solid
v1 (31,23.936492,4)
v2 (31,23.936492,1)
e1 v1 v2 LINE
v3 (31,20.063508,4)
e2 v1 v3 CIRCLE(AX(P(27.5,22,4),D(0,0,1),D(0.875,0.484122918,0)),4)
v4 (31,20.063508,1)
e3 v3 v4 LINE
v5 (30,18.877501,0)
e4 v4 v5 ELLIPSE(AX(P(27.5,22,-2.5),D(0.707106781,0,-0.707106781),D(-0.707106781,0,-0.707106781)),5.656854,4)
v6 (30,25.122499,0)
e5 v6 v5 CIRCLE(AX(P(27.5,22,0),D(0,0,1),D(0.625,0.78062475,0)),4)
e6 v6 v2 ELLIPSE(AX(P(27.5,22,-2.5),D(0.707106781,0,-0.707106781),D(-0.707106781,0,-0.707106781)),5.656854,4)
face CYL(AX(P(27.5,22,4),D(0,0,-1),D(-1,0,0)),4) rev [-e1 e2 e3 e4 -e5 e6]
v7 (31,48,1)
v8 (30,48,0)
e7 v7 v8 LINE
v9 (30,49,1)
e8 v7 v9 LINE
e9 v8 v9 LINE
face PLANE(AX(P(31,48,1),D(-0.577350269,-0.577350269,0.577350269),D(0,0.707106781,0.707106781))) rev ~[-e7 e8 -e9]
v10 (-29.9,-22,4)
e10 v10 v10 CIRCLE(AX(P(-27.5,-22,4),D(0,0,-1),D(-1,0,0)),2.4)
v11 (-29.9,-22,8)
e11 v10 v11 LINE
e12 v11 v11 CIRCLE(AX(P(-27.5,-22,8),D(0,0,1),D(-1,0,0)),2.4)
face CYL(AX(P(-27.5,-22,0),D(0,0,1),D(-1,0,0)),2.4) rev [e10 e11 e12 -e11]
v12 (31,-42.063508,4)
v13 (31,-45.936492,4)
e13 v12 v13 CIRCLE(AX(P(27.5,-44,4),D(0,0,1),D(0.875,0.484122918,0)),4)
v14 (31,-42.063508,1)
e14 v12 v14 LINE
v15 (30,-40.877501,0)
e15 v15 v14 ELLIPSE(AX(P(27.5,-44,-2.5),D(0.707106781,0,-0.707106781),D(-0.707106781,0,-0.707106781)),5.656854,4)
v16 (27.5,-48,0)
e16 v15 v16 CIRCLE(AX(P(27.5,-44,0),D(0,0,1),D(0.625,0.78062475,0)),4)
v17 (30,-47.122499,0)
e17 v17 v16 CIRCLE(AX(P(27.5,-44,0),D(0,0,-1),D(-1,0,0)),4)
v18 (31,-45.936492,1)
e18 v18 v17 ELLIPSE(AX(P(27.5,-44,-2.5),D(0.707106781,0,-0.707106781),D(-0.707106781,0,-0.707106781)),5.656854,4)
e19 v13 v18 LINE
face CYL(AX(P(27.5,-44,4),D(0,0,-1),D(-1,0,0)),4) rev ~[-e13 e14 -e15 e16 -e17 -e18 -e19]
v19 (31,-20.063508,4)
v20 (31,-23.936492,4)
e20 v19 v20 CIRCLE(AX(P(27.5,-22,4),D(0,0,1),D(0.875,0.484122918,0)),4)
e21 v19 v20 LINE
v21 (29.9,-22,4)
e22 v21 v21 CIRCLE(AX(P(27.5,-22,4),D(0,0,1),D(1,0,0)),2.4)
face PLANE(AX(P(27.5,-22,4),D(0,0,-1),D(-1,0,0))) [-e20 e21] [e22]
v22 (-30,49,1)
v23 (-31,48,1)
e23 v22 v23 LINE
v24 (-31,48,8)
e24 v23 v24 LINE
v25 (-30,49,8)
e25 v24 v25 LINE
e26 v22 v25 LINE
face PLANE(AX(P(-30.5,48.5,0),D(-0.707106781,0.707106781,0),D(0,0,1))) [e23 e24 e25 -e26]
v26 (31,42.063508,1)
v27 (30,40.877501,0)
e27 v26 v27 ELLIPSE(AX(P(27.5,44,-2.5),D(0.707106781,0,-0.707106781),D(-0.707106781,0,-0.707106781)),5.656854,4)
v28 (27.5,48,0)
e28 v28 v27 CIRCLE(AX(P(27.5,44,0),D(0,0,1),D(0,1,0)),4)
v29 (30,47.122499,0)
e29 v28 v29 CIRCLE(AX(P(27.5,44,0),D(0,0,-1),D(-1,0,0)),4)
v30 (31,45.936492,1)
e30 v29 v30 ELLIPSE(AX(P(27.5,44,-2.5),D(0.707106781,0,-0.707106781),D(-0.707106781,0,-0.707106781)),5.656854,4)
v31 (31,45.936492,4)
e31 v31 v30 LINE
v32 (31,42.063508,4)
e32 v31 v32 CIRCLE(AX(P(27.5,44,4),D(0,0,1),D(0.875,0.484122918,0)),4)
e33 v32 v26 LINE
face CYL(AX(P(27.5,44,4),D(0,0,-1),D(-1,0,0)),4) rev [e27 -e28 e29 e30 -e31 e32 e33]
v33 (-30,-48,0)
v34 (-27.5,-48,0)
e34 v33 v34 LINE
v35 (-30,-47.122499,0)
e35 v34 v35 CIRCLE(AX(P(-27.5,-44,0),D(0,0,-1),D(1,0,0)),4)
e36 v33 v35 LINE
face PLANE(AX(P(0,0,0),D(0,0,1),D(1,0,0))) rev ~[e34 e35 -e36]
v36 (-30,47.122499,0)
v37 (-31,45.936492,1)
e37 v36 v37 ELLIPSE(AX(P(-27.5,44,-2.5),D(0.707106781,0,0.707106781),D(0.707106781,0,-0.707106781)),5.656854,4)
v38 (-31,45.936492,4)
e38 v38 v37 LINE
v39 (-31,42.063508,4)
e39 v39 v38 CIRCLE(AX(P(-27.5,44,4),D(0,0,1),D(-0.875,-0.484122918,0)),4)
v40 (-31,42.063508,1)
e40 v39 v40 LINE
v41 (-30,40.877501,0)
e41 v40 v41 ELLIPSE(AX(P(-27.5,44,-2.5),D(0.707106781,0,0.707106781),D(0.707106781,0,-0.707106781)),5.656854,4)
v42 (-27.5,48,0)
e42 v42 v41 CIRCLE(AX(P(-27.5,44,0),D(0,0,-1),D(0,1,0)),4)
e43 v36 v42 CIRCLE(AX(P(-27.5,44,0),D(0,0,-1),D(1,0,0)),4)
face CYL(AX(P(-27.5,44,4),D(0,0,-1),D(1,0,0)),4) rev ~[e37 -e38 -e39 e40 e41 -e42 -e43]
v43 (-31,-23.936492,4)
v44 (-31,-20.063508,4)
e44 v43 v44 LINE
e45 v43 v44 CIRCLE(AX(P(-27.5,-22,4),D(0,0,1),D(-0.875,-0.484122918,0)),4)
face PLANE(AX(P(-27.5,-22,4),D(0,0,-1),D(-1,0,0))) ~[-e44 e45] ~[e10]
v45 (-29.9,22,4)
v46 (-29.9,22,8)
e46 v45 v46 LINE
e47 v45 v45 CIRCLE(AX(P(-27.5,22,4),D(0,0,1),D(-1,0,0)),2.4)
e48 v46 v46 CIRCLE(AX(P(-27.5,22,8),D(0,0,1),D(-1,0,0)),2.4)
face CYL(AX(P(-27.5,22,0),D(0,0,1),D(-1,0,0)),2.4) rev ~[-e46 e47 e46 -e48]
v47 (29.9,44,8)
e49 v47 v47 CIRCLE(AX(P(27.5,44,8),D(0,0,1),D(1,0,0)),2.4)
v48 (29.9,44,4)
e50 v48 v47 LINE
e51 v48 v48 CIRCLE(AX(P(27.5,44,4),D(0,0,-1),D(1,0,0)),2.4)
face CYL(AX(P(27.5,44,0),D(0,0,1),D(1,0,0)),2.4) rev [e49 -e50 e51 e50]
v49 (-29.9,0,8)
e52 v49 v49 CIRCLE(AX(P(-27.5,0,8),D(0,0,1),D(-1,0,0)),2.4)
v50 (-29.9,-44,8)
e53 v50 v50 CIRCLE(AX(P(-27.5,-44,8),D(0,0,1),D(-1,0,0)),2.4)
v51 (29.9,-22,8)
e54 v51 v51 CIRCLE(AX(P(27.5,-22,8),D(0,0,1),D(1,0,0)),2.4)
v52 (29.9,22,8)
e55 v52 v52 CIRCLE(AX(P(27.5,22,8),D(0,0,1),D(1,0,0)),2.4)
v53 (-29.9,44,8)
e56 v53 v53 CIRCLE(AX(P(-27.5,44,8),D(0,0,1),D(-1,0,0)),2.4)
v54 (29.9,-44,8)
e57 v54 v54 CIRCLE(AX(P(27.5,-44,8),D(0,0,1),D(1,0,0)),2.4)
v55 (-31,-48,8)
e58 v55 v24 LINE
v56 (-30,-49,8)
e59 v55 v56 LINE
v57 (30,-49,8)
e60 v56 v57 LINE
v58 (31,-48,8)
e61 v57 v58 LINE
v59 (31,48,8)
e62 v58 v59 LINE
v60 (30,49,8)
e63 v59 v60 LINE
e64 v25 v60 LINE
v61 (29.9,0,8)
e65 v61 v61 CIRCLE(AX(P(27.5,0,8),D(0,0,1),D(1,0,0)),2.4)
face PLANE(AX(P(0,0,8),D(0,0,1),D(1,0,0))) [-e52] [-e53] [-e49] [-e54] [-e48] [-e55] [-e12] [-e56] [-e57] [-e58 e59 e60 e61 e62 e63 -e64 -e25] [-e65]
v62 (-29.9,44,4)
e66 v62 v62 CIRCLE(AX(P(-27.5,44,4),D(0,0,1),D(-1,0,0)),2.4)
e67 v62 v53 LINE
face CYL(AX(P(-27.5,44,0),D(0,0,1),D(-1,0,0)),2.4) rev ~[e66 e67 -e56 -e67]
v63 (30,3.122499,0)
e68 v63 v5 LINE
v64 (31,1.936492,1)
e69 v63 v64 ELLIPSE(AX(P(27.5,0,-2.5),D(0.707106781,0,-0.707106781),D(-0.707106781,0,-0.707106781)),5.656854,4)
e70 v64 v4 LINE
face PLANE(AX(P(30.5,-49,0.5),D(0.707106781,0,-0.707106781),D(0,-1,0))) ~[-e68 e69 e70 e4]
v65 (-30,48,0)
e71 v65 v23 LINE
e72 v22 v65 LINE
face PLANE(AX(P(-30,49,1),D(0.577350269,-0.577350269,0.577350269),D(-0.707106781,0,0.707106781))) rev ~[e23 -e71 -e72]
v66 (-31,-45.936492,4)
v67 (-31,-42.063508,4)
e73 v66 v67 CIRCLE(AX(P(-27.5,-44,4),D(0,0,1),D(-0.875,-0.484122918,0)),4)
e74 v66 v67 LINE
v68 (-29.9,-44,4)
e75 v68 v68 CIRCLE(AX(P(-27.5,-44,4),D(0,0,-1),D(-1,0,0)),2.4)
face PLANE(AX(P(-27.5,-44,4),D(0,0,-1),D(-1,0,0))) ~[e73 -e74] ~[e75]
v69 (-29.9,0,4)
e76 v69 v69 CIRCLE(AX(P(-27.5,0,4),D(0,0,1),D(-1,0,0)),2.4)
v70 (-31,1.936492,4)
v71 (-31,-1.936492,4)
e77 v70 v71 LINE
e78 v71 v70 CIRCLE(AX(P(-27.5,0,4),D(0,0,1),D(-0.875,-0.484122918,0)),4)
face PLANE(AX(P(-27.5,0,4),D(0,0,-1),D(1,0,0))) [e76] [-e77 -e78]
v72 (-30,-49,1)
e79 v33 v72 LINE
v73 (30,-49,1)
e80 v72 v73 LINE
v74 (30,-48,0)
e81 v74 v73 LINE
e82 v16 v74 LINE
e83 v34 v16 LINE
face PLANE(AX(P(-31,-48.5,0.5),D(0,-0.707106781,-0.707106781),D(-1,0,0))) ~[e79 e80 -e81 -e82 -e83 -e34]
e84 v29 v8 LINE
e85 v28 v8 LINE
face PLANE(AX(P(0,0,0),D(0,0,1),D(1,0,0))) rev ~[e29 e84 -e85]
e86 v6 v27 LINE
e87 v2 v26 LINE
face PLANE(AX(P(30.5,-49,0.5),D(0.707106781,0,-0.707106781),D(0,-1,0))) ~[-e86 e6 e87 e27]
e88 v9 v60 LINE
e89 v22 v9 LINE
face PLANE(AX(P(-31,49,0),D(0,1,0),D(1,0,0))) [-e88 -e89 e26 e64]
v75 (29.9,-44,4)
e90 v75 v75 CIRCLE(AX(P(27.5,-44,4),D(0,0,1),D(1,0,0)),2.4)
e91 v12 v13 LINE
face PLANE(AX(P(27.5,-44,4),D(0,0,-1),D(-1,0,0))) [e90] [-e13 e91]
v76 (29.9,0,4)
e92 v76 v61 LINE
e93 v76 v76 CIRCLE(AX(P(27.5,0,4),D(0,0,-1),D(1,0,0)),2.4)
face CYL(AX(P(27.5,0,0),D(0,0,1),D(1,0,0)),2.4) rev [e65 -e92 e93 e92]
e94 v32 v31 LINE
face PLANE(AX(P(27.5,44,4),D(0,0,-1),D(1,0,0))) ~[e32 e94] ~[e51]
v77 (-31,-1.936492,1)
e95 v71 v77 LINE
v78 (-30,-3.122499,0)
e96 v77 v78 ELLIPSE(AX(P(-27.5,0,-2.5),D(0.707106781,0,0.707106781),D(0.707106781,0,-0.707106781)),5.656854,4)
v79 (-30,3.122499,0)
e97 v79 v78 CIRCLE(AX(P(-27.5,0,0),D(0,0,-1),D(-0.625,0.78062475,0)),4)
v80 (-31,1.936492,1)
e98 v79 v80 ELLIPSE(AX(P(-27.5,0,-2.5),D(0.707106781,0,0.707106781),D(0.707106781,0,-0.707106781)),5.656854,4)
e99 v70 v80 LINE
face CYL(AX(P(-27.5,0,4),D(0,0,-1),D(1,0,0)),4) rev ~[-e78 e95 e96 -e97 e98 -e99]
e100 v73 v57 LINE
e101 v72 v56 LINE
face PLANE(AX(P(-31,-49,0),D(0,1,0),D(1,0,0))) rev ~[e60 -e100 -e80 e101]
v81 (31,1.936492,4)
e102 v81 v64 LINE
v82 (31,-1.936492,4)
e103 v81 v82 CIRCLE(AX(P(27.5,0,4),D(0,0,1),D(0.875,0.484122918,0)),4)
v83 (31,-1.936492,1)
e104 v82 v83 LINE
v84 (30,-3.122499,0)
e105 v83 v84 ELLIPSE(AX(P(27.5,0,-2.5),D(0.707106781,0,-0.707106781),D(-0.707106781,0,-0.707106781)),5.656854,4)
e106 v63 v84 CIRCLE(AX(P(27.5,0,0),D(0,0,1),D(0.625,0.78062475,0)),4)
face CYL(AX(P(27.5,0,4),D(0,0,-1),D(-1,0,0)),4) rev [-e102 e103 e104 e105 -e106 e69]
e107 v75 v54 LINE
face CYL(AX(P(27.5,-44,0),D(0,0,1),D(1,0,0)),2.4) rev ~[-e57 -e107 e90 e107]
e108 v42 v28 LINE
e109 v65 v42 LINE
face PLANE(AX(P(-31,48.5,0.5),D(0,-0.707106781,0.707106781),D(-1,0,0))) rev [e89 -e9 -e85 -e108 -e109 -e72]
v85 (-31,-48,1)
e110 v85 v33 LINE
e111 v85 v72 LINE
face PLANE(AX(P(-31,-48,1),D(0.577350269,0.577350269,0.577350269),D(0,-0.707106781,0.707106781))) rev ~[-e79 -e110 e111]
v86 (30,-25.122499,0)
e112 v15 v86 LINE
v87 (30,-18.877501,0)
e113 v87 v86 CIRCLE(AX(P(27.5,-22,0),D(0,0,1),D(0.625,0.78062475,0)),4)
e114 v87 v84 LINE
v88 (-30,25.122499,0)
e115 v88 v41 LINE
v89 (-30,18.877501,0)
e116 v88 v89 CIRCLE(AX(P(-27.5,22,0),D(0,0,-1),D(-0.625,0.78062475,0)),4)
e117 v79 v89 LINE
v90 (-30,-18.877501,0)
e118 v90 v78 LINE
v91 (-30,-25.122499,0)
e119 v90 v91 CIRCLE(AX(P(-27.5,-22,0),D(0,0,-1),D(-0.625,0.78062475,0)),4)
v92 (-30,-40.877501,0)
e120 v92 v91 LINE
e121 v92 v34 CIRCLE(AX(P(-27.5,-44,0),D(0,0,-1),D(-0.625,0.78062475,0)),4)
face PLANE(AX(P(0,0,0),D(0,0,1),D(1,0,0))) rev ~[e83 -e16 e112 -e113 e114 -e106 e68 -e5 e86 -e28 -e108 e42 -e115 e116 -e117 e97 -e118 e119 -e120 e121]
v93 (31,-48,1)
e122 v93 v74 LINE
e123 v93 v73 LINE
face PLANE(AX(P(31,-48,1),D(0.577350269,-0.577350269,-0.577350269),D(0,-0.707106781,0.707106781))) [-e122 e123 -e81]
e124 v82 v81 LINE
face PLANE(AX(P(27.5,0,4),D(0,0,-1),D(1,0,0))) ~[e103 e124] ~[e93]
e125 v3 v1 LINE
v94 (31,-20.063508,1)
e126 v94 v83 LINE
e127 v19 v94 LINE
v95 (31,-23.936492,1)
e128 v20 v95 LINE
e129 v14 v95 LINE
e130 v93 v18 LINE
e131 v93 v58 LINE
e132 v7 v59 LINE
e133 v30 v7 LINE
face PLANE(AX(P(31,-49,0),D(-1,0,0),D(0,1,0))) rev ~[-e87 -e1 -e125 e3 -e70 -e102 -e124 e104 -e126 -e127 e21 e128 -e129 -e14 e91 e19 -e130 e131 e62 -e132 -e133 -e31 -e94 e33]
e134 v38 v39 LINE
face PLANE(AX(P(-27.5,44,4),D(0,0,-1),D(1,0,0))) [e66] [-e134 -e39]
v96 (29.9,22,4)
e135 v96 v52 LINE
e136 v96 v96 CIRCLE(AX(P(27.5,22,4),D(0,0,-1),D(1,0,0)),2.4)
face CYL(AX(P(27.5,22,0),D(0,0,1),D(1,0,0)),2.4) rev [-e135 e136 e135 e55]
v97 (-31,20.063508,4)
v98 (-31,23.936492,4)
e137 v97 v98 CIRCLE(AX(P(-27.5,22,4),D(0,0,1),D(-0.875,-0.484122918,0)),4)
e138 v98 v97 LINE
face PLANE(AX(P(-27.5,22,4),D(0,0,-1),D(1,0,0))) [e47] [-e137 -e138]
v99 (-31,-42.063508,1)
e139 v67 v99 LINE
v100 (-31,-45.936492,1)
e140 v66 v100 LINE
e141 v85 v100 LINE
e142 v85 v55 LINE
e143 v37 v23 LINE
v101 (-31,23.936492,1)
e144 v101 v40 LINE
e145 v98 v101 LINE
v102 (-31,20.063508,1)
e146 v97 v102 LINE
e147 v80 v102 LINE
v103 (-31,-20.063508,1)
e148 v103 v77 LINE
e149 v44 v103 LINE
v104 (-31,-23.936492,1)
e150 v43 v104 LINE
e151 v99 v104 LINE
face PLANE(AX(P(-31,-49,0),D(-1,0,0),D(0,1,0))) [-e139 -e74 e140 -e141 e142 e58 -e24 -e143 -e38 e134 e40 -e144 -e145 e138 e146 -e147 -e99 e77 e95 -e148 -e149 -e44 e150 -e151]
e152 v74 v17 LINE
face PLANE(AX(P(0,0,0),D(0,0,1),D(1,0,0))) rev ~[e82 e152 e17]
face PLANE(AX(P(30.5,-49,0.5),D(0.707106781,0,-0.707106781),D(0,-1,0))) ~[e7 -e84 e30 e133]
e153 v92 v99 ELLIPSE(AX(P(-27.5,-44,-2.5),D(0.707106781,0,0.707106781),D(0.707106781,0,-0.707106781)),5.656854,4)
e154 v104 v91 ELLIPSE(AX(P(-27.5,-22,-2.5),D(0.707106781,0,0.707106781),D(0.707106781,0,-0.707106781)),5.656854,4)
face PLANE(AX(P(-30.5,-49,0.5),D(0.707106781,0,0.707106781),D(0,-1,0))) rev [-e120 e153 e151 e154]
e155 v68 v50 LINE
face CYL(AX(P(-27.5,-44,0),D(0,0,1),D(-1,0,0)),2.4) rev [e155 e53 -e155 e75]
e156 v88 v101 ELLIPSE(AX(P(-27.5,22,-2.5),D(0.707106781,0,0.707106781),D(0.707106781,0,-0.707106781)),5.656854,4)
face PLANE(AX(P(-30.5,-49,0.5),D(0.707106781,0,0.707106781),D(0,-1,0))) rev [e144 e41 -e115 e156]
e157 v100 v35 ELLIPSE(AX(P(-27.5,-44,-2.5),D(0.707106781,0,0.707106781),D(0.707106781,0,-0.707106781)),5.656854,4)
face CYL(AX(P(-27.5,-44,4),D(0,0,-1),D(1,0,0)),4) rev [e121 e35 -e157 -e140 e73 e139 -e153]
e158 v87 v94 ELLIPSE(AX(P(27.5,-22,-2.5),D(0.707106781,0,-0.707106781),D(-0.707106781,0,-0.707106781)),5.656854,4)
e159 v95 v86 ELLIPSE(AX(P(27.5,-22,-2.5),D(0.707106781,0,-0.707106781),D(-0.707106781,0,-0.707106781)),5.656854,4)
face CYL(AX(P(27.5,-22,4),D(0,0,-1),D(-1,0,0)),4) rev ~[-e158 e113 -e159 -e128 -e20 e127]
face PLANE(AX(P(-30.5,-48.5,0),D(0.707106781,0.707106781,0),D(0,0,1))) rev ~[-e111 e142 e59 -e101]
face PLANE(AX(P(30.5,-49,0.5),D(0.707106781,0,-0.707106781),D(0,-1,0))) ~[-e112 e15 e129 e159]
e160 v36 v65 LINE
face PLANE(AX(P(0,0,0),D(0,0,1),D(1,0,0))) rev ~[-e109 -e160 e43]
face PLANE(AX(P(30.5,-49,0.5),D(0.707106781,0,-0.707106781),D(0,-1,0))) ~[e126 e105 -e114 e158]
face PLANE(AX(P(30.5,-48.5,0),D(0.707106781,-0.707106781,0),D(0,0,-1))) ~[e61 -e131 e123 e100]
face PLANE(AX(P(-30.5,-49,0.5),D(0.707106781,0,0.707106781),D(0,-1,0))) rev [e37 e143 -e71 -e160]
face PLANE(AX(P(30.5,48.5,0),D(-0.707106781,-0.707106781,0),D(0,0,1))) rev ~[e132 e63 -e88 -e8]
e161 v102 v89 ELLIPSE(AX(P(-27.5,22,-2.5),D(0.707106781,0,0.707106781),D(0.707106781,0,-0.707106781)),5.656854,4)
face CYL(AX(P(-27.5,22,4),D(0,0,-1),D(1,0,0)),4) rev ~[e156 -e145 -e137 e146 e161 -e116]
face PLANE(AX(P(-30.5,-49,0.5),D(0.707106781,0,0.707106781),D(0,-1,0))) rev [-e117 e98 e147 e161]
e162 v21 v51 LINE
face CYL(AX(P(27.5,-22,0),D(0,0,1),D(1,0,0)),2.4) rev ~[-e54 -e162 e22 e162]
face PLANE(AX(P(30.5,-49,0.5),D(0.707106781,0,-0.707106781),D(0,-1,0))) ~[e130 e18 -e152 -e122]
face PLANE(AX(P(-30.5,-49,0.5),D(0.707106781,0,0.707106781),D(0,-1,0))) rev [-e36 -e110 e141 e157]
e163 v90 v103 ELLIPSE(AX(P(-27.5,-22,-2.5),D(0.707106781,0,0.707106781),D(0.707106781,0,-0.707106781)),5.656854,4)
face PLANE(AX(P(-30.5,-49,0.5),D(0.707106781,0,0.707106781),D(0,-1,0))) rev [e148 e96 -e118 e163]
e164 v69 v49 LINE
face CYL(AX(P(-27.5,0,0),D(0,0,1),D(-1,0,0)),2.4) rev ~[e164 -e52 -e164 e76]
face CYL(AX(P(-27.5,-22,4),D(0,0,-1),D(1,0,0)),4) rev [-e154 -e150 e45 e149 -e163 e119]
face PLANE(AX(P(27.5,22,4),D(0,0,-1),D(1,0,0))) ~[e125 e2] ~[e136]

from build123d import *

# Parameters (mm, degrees)
SKETCH_1_W                   = 62
SKETCH_1_H                   = 98
EXTRUDE_1_DEPTH              = 8
CHAMFER_1_SIZE               = 1
HOLE_WIZARD_M4_1_D           = 4.8
HOLE_WIZARD_M4_1_CBORE_D     = 8
HOLE_WIZARD_M4_1_CBORE_DEPTH = 4
MIRROR_2_COPY_1_D            = 4.8
MIRROR_2_COPY_1_CBORE_D      = 8
MIRROR_2_COPY_1_CBORE_DEPTH  = 4


with BuildPart() as part:
    # ｽｹｯﾁ1 → ﾎﾞｽ - 押し出し1 (new body)
    with BuildSketch(Plane.XY):
        Rectangle(SKETCH_1_W, SKETCH_1_H)
    extrude(amount=EXTRUDE_1_DEPTH)

    # 面取り1
    chamfer_1_edges = [part.edges().sort_by_distance(p)[0] for p in [
        (0, -49, 0),
        (-31, 0, 0),
        (0, 49, 0),
        (31, 0, 0),
        (31, -49, 4),
        (-31, -49, 4),
        (-31, 49, 4),
        (31, 49, 4),
    ]]
    chamfer(chamfer_1_edges, length=CHAMFER_1_SIZE)

    # M4 穴付きねじ用座ぐり穴1 (through all)
    with Locations(Plane(origin=(0, 0, 0), x_dir=(1, 0, 0), z_dir=(0, 0, -1))):
        with Locations((-27.5, -44), (-27.5, -22), (-27.5, 0)):
            hole_wizard_m4_1 = CounterBoreHole(HOLE_WIZARD_M4_1_D / 2, HOLE_WIZARD_M4_1_CBORE_D / 2, HOLE_WIZARD_M4_1_CBORE_DEPTH)

    # ﾐﾗｰ1: M4 穴付きねじ用座ぐり穴1 across plane
    add(hole_wizard_m4_1.mirror(Plane.ZX), mode=Mode.SUBTRACT)

    # ﾐﾗｰ2: M4 穴付きねじ用座ぐり穴1 across plane
    add(hole_wizard_m4_1.mirror(Plane(origin=(0, 0, 0), x_dir=(0, 0, 1), z_dir=(1, 0, 0))), mode=Mode.SUBTRACT)

    # ﾐﾗｰ2 copy 1 (through all)
    with Locations(Plane(origin=(0, 0, 0), x_dir=(-1, 0, 0), z_dir=(0, 0, -1))):
        with Locations((-27.5, -44), (-27.5, -22), (-27.5, 0)):
            CounterBoreHole(MIRROR_2_COPY_1_D / 2, MIRROR_2_COPY_1_CBORE_D / 2, MIRROR_2_COPY_1_CBORE_DEPTH)


solid = part.part
